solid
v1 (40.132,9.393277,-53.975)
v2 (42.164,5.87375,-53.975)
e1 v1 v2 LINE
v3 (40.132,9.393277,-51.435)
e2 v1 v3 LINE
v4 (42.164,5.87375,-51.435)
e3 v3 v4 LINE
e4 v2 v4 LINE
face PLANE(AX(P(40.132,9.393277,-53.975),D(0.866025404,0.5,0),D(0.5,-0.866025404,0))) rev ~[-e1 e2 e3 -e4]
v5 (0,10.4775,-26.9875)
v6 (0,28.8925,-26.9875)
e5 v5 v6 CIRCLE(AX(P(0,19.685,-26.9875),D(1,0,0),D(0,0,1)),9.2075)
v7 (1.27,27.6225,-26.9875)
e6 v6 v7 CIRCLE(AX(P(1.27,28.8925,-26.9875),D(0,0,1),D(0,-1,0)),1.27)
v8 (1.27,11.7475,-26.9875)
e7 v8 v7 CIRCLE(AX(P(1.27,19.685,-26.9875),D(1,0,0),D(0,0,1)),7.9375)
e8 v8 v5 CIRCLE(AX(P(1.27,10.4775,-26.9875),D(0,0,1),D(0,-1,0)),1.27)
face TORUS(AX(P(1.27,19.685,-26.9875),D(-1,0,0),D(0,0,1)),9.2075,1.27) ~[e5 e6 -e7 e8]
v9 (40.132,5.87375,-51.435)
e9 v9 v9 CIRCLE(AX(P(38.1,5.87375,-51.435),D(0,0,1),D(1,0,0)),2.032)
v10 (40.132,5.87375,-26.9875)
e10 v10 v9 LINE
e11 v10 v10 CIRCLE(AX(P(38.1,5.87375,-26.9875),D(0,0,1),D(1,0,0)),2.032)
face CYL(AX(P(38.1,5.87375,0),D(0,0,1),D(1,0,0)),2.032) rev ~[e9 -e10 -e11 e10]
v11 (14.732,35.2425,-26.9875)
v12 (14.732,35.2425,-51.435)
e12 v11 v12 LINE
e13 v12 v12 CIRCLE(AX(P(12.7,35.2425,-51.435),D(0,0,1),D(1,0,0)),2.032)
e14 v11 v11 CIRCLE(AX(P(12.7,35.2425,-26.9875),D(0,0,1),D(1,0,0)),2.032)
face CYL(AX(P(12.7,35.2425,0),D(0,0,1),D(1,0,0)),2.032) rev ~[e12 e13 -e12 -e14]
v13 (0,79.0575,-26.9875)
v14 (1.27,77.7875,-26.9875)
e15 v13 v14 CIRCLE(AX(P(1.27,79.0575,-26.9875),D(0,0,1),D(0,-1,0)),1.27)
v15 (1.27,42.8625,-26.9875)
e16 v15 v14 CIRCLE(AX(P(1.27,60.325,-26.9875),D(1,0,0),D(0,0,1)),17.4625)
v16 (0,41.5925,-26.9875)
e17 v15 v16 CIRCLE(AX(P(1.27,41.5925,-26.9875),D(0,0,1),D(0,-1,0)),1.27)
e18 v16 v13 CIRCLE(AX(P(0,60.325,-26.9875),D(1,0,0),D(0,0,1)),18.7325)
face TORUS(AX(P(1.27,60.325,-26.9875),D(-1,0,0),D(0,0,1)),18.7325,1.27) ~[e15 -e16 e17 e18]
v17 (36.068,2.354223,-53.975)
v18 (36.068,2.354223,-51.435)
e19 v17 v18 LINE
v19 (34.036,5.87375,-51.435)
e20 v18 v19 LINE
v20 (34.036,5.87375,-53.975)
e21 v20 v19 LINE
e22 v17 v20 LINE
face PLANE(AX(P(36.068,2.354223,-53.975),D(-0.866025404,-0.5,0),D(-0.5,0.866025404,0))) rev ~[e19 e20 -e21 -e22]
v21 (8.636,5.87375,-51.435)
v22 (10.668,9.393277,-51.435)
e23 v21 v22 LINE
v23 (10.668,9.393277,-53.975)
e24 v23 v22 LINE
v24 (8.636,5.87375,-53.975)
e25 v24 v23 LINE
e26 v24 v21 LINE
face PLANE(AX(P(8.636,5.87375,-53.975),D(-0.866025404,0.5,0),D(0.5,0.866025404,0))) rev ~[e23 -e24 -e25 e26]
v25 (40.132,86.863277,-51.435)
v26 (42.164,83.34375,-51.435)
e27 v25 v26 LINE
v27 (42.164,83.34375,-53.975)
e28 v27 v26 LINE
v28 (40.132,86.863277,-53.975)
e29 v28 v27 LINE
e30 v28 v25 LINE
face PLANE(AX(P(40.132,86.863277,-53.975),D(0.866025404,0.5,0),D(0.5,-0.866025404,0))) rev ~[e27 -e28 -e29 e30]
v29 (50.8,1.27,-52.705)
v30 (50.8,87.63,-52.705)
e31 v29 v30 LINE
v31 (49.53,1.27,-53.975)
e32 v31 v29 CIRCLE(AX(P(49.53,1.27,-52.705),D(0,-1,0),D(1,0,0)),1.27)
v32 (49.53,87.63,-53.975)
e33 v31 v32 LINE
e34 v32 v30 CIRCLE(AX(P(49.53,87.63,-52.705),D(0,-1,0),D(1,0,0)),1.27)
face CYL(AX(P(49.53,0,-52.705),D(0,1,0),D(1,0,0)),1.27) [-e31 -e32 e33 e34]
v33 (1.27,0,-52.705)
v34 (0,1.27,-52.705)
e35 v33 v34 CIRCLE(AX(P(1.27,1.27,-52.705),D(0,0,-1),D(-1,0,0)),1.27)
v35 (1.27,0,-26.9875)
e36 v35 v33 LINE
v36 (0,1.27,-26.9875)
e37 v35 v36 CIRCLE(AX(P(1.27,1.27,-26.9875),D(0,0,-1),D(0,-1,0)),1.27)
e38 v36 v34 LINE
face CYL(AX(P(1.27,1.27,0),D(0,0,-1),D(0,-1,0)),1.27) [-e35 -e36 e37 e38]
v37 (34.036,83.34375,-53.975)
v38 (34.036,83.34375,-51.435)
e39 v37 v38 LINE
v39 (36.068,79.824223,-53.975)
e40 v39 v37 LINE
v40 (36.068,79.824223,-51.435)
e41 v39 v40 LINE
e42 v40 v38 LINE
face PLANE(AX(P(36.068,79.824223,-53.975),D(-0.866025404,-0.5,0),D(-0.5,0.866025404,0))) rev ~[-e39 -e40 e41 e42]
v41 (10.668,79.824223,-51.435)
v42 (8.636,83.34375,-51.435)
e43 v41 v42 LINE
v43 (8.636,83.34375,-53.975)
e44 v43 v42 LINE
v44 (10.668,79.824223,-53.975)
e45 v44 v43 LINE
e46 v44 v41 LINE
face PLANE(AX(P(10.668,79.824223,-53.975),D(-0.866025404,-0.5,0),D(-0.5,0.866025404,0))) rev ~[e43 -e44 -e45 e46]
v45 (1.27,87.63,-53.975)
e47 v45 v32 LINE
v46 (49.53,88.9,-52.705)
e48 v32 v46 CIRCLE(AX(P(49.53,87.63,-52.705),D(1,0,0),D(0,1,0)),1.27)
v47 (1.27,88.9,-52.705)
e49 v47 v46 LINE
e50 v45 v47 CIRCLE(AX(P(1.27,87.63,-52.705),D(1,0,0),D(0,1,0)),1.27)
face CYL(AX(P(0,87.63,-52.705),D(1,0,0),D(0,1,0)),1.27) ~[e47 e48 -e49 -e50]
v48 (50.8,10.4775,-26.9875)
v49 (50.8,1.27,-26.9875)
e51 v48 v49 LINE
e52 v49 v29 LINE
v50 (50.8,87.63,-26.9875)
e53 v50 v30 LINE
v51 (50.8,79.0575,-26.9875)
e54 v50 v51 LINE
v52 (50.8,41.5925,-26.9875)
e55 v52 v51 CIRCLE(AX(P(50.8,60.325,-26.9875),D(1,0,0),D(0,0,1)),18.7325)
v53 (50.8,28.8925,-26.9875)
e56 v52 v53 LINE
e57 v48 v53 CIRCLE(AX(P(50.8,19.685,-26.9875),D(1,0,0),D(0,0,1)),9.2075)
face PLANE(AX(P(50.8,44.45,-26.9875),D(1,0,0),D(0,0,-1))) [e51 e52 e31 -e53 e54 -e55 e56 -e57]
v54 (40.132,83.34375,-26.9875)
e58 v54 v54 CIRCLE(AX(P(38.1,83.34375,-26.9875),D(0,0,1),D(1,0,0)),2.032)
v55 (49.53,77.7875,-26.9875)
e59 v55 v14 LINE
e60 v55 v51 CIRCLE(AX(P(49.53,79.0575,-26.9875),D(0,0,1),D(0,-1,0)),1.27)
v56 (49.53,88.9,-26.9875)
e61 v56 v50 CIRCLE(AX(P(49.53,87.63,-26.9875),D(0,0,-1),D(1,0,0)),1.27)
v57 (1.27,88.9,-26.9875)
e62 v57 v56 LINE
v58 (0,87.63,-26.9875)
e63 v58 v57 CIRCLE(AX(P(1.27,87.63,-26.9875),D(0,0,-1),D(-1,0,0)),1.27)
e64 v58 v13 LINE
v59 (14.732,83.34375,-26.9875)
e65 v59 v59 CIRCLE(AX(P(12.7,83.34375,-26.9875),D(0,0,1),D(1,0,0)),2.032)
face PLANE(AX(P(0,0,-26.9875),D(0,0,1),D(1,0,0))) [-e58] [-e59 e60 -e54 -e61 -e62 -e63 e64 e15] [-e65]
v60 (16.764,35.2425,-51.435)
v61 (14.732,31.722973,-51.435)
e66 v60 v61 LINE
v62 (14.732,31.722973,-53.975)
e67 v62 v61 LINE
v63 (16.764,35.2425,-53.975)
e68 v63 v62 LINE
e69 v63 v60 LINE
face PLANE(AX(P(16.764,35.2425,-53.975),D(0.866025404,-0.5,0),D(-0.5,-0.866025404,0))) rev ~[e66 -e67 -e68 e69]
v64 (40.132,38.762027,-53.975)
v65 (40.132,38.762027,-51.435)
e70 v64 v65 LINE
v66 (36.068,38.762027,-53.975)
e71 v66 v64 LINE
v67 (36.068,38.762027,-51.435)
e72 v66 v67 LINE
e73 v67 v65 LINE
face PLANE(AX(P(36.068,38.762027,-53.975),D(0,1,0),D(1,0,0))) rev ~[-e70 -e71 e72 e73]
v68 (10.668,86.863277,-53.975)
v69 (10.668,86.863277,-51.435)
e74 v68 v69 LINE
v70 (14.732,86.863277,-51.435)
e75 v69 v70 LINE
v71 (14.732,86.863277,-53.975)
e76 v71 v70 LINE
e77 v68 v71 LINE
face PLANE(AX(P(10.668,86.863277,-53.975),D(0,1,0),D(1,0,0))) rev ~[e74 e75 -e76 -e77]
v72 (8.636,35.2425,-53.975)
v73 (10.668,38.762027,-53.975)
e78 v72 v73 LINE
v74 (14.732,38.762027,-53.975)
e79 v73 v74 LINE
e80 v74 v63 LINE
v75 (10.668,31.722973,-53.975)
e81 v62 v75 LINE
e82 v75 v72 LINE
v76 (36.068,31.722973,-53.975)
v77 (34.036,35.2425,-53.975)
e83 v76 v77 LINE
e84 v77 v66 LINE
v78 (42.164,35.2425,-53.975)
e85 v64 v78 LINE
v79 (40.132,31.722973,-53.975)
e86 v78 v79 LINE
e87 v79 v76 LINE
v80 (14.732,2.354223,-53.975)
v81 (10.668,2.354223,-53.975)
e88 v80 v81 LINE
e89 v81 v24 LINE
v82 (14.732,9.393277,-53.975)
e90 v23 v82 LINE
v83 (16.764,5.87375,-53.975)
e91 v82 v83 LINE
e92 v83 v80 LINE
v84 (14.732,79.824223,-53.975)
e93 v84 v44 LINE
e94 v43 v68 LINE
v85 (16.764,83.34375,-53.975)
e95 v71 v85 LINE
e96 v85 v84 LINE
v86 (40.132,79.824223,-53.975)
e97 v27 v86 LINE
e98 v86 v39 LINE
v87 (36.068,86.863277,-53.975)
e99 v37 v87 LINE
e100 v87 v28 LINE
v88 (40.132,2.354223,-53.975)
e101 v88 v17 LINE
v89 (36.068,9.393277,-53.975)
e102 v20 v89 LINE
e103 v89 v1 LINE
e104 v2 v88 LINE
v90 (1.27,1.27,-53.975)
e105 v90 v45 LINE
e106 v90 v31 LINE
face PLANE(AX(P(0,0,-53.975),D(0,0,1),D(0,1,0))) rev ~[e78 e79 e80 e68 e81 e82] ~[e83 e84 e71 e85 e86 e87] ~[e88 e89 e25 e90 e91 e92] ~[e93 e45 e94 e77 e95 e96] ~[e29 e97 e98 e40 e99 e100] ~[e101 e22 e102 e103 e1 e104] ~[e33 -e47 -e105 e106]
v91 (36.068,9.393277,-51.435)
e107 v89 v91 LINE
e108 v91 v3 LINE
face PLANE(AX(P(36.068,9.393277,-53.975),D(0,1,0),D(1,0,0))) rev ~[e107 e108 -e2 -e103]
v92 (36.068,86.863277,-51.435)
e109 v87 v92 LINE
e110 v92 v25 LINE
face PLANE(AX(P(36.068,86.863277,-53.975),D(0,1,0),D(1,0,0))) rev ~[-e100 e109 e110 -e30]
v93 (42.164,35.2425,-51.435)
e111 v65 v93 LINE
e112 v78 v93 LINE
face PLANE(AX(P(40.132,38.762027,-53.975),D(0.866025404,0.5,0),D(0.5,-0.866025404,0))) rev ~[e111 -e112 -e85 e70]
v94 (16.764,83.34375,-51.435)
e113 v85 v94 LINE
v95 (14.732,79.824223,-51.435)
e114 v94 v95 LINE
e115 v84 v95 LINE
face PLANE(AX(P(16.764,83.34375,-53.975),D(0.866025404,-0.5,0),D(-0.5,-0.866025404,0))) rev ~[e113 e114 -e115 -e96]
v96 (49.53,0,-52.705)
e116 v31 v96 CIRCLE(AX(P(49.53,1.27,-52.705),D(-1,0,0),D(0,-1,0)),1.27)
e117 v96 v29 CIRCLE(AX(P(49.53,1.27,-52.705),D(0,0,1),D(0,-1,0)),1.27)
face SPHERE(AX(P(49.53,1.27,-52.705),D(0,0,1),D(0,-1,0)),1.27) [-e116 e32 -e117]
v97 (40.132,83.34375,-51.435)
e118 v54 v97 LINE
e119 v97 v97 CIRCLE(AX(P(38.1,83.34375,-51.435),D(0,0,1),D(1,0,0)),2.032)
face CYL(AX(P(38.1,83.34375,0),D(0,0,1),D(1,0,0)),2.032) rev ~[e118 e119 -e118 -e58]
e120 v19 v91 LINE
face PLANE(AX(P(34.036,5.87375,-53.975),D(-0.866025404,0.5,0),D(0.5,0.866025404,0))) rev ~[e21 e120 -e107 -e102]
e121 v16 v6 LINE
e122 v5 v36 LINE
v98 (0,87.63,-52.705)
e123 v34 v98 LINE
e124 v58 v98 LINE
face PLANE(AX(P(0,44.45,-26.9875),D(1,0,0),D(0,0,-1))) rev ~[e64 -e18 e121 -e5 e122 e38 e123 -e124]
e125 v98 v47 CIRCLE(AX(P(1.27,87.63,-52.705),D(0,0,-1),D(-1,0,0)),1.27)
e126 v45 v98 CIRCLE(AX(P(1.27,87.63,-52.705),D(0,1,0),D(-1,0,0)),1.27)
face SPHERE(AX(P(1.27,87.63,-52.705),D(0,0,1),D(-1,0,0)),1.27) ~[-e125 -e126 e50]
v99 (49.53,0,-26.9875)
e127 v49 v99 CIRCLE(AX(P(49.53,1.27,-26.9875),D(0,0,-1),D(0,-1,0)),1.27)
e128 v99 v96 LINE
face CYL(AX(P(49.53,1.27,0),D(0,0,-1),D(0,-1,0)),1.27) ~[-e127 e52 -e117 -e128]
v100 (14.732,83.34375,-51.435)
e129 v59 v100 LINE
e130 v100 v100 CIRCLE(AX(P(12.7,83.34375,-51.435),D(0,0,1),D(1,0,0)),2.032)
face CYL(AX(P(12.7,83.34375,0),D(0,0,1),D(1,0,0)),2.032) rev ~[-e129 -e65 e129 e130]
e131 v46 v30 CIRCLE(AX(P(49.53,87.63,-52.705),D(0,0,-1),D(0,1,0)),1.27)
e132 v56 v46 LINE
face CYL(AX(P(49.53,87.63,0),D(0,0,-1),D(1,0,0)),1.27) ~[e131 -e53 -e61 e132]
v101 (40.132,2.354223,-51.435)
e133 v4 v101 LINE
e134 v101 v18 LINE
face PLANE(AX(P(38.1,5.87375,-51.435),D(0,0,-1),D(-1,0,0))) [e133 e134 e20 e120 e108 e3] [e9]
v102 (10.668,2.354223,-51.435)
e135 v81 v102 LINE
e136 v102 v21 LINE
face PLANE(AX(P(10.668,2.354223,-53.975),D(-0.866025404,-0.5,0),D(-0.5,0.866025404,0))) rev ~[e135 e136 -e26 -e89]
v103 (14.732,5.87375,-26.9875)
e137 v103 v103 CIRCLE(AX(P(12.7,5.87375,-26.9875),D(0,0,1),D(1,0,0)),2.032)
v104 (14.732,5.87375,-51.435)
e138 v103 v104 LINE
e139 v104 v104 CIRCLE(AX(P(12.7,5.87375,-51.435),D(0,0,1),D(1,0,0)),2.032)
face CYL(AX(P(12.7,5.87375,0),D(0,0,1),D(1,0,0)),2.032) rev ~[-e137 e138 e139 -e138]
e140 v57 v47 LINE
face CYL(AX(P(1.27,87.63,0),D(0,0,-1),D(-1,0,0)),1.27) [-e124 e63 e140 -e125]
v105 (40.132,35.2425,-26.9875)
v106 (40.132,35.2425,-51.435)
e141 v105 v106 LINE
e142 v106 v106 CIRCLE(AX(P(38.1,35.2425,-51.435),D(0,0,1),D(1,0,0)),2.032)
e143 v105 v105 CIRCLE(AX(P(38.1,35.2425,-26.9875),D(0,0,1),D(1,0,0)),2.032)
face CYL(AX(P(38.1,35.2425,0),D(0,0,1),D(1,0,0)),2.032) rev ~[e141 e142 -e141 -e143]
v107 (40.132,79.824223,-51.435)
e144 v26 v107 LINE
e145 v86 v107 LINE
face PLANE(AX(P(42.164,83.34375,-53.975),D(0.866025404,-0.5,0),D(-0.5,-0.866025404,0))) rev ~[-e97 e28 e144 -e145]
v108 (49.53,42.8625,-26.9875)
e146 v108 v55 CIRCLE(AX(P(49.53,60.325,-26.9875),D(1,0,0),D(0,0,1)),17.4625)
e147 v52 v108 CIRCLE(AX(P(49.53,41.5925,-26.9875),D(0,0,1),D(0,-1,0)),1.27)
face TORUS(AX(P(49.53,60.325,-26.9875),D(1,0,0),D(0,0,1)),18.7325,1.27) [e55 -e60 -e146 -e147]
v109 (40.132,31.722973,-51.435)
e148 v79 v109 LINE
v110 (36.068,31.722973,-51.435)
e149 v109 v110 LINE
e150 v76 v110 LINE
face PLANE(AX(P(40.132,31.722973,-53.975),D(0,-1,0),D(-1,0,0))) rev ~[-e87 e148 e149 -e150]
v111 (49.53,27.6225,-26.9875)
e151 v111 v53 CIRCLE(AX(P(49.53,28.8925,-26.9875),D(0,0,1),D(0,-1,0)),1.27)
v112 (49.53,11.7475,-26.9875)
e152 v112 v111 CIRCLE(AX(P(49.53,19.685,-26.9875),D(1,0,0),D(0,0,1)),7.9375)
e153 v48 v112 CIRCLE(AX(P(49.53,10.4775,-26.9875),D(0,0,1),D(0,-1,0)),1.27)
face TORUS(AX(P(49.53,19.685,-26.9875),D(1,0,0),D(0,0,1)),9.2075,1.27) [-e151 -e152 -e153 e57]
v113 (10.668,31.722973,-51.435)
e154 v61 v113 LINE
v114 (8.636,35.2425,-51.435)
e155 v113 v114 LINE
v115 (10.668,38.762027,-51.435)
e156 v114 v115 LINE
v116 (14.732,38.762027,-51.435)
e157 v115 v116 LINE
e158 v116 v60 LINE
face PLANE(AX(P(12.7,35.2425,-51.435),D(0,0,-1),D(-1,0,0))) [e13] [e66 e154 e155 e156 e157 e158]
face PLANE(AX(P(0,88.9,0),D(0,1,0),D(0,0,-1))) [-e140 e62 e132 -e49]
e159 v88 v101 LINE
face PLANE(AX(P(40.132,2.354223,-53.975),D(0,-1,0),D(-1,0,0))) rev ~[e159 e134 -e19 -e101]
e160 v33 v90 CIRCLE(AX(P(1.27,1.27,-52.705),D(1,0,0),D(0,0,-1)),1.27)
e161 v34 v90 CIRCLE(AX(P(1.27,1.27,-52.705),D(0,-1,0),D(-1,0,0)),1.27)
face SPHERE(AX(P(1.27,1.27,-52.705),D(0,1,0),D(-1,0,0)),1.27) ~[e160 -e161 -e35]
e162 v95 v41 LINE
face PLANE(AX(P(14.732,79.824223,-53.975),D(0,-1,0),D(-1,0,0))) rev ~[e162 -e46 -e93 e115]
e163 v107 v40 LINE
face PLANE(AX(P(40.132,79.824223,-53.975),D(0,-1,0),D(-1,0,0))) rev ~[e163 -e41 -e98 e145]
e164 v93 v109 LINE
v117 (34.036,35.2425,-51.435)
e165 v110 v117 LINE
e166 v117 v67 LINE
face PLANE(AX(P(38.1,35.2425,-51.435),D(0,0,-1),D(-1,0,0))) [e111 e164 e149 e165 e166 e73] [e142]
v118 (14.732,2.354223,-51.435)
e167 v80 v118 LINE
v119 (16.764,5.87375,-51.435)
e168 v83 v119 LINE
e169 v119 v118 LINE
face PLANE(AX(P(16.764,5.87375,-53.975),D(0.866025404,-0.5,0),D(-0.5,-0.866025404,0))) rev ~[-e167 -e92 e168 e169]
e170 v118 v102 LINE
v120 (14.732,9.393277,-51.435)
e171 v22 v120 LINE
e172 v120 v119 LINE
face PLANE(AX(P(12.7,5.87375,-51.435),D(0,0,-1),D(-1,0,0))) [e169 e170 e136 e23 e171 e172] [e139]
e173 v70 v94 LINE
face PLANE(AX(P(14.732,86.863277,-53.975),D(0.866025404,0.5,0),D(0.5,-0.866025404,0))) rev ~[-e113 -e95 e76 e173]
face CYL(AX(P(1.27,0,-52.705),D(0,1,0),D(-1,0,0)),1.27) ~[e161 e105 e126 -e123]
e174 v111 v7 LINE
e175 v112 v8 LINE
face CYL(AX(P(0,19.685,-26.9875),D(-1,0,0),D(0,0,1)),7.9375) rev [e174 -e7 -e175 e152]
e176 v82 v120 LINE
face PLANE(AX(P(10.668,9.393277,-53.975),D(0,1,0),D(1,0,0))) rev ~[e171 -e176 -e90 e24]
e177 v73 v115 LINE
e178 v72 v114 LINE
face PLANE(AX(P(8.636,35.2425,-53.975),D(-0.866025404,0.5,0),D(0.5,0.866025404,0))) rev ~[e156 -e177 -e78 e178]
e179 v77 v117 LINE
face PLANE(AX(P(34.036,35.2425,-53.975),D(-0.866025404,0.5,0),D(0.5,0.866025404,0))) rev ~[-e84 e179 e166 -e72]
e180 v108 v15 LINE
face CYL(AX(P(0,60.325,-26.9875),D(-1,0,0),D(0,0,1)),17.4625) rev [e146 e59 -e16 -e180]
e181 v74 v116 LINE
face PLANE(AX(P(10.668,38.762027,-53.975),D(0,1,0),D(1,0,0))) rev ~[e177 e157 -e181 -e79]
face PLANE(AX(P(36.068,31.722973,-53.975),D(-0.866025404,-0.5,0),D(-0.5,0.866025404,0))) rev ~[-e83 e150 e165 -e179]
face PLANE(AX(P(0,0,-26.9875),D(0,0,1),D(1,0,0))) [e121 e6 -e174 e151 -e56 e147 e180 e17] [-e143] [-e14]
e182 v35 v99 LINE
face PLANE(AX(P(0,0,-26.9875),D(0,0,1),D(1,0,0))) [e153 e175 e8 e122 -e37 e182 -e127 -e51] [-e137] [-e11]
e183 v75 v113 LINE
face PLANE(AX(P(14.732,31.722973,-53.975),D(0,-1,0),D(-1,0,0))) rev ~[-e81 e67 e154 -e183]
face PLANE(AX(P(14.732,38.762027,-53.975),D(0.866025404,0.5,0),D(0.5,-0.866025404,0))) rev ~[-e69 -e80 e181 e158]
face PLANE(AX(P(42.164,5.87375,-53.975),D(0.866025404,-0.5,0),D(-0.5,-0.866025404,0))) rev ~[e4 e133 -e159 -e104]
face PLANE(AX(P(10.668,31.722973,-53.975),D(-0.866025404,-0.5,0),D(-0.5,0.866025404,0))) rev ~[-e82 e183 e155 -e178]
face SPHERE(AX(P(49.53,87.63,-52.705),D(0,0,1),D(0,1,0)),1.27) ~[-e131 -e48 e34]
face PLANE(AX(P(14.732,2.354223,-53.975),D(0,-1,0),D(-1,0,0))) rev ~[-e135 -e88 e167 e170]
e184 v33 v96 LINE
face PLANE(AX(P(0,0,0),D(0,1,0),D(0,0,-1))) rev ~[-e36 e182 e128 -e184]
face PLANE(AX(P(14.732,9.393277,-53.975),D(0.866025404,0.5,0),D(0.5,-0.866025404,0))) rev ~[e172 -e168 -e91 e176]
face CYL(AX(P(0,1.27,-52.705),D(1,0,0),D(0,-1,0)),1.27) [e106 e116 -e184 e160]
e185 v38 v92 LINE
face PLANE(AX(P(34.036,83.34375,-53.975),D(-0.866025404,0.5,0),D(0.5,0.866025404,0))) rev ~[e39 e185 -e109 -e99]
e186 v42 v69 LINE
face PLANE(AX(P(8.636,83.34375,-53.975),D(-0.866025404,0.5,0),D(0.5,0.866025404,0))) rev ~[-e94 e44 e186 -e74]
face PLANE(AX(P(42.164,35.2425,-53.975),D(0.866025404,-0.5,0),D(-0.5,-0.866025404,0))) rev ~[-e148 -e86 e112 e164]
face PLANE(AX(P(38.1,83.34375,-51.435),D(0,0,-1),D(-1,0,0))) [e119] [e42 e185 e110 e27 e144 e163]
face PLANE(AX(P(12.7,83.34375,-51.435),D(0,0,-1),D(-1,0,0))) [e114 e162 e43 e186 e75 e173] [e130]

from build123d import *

# Parameters (mm, degrees)
SKETCH1_W           = 53.975
SKETCH1_H           = 88.9
SKETCH1_R           = 7.9375
SKETCH1_R_2         = 17.4625
BOSS_EXTRUDE1_DEPTH = 50.8
SKETCH5_R           = 2.032
CUT_EXTRUDE1_DEPTH  = 116.746060948
SKETCH5_3_R         = 3.5
CUT_EXTRUDE2_DEPTH  = 4.064
CUT_EXTRUDE3_DEPTH  = 2.54
FILLET1_R           = 1.27


with BuildPart() as part:
    # Sketch1 → Boss-Extrude1 (new body)
    with BuildSketch(Plane(origin=(0, 0, 0), x_dir=(0, 0, -1), z_dir=(1, 0, 0))):
        with Locations((26.9875, 44.45)):
            Rectangle(SKETCH1_W, SKETCH1_H)
        with Locations(Location((26.9875, 19.685, 0), (0, 0, 180))):
            Circle(SKETCH1_R, mode=Mode.SUBTRACT)
        with Locations(Location((26.9875, 60.325, 0), (0, 0, 180))):
            Circle(SKETCH1_R_2, mode=Mode.SUBTRACT)
    extrude(amount=BOSS_EXTRUDE1_DEPTH)

    # Sketch5 → Cut-Extrude1 (cut, through all)
    with BuildSketch(Plane.XY):
        with Locations((12.7, 83.34375)):
            Circle(SKETCH5_R)
        with Locations((12.7, 35.2425)):
            Circle(SKETCH5_R)
        with Locations((38.1, 83.34375)):
            Circle(SKETCH5_R)
        with Locations((38.1, 35.2425)):
            Circle(SKETCH5_R)
        with Locations((12.7, 5.87375)):
            Circle(SKETCH5_R)
        with Locations((38.1, 5.87375)):
            Circle(SKETCH5_R)
    extrude(amount=-CUT_EXTRUDE1_DEPTH, mode=Mode.SUBTRACT)

    # Sketch5<3> → Cut-Extrude2 (cut)
    with BuildSketch(Plane.XY):
        with Locations((38.1, 35.2425)):
            Circle(SKETCH5_3_R)
        with Locations((12.7, 83.34375)):
            Circle(SKETCH5_3_R)
        with Locations((38.1, 83.34375)):
            Circle(SKETCH5_3_R)
        with Locations((12.7, 35.2425)):
            Circle(SKETCH5_3_R)
        with Locations((38.1, 5.87375)):
            Circle(SKETCH5_3_R)
        with Locations((12.7, 5.87375)):
            Circle(SKETCH5_3_R)
    extrude(amount=-CUT_EXTRUDE2_DEPTH, mode=Mode.SUBTRACT)

    # Sketch6 → Cut-Extrude3 (cut)
    with BuildSketch(Plane(origin=(0, 0, -53.975), x_dir=(-1, 0, 0), z_dir=(0, 0, -1))):
        Polygon((-8.636, 83.34375), (-10.668, 86.863277241), (-14.732, 86.863277241), (-16.764, 83.34375), (-14.732, 79.824222759), (-10.668, 79.824222759), align=None)
        Polygon((-34.036, 83.34375), (-36.068, 86.863277241), (-40.132, 86.863277241), (-42.164, 83.34375), (-40.132, 79.824222759), (-36.068, 79.824222759), align=None)
        Polygon((-34.036, 35.2425), (-36.068, 38.762027241), (-40.132, 38.762027241), (-42.164, 35.2425), (-40.132, 31.722972759), (-36.068, 31.722972759), align=None)
        Polygon((-8.636, 35.2425), (-10.668, 38.762027241), (-14.732, 38.762027241), (-16.764, 35.2425), (-14.732, 31.722972759), (-10.668, 31.722972759), align=None)
        Polygon((-8.636, 5.87375), (-10.668, 9.393277241), (-14.732, 9.393277241), (-16.764, 5.87375), (-14.732, 2.354222759), (-10.668, 2.354222759), align=None)
        Polygon((-34.036, 5.87375), (-36.068, 9.393277241), (-40.132, 9.393277241), (-42.164, 5.87375), (-40.132, 2.354222759), (-36.068, 2.354222759), align=None)
    extrude(amount=-CUT_EXTRUDE3_DEPTH, mode=Mode.SUBTRACT)

    # Fillet1
    fillet1_edges = [part.edges().sort_by_distance(p)[0] for p in [
        (0, 60.325, -44.45),
        (50.8, 60.325, -44.45),
        (50.8, 88.9, -26.9875),
        (0, 19.685, -34.925),
        (50.8, 19.685, -34.925),
        (50.8, 44.45, 0),
        (50.8, 0, -26.9875),
        (0, 44.45, 0),
        (0, 88.9, -26.9875),
        (0, 44.45, -53.975),
        (0, 0, -26.9875),
        (25.4, 0, 0),
        (25.4, 88.9, 0),
        (25.4, 88.9, -53.975),
        (25.4, 0, -53.975),
        (50.8, 44.45, -53.975),
    ]]
    fillet(fillet1_edges, radius=FILLET1_R)

    # SurfaceCut1
    split(bisect_by=Plane.XY.offset(-26.9875), keep=Keep.BOTTOM)


solid = part.part
